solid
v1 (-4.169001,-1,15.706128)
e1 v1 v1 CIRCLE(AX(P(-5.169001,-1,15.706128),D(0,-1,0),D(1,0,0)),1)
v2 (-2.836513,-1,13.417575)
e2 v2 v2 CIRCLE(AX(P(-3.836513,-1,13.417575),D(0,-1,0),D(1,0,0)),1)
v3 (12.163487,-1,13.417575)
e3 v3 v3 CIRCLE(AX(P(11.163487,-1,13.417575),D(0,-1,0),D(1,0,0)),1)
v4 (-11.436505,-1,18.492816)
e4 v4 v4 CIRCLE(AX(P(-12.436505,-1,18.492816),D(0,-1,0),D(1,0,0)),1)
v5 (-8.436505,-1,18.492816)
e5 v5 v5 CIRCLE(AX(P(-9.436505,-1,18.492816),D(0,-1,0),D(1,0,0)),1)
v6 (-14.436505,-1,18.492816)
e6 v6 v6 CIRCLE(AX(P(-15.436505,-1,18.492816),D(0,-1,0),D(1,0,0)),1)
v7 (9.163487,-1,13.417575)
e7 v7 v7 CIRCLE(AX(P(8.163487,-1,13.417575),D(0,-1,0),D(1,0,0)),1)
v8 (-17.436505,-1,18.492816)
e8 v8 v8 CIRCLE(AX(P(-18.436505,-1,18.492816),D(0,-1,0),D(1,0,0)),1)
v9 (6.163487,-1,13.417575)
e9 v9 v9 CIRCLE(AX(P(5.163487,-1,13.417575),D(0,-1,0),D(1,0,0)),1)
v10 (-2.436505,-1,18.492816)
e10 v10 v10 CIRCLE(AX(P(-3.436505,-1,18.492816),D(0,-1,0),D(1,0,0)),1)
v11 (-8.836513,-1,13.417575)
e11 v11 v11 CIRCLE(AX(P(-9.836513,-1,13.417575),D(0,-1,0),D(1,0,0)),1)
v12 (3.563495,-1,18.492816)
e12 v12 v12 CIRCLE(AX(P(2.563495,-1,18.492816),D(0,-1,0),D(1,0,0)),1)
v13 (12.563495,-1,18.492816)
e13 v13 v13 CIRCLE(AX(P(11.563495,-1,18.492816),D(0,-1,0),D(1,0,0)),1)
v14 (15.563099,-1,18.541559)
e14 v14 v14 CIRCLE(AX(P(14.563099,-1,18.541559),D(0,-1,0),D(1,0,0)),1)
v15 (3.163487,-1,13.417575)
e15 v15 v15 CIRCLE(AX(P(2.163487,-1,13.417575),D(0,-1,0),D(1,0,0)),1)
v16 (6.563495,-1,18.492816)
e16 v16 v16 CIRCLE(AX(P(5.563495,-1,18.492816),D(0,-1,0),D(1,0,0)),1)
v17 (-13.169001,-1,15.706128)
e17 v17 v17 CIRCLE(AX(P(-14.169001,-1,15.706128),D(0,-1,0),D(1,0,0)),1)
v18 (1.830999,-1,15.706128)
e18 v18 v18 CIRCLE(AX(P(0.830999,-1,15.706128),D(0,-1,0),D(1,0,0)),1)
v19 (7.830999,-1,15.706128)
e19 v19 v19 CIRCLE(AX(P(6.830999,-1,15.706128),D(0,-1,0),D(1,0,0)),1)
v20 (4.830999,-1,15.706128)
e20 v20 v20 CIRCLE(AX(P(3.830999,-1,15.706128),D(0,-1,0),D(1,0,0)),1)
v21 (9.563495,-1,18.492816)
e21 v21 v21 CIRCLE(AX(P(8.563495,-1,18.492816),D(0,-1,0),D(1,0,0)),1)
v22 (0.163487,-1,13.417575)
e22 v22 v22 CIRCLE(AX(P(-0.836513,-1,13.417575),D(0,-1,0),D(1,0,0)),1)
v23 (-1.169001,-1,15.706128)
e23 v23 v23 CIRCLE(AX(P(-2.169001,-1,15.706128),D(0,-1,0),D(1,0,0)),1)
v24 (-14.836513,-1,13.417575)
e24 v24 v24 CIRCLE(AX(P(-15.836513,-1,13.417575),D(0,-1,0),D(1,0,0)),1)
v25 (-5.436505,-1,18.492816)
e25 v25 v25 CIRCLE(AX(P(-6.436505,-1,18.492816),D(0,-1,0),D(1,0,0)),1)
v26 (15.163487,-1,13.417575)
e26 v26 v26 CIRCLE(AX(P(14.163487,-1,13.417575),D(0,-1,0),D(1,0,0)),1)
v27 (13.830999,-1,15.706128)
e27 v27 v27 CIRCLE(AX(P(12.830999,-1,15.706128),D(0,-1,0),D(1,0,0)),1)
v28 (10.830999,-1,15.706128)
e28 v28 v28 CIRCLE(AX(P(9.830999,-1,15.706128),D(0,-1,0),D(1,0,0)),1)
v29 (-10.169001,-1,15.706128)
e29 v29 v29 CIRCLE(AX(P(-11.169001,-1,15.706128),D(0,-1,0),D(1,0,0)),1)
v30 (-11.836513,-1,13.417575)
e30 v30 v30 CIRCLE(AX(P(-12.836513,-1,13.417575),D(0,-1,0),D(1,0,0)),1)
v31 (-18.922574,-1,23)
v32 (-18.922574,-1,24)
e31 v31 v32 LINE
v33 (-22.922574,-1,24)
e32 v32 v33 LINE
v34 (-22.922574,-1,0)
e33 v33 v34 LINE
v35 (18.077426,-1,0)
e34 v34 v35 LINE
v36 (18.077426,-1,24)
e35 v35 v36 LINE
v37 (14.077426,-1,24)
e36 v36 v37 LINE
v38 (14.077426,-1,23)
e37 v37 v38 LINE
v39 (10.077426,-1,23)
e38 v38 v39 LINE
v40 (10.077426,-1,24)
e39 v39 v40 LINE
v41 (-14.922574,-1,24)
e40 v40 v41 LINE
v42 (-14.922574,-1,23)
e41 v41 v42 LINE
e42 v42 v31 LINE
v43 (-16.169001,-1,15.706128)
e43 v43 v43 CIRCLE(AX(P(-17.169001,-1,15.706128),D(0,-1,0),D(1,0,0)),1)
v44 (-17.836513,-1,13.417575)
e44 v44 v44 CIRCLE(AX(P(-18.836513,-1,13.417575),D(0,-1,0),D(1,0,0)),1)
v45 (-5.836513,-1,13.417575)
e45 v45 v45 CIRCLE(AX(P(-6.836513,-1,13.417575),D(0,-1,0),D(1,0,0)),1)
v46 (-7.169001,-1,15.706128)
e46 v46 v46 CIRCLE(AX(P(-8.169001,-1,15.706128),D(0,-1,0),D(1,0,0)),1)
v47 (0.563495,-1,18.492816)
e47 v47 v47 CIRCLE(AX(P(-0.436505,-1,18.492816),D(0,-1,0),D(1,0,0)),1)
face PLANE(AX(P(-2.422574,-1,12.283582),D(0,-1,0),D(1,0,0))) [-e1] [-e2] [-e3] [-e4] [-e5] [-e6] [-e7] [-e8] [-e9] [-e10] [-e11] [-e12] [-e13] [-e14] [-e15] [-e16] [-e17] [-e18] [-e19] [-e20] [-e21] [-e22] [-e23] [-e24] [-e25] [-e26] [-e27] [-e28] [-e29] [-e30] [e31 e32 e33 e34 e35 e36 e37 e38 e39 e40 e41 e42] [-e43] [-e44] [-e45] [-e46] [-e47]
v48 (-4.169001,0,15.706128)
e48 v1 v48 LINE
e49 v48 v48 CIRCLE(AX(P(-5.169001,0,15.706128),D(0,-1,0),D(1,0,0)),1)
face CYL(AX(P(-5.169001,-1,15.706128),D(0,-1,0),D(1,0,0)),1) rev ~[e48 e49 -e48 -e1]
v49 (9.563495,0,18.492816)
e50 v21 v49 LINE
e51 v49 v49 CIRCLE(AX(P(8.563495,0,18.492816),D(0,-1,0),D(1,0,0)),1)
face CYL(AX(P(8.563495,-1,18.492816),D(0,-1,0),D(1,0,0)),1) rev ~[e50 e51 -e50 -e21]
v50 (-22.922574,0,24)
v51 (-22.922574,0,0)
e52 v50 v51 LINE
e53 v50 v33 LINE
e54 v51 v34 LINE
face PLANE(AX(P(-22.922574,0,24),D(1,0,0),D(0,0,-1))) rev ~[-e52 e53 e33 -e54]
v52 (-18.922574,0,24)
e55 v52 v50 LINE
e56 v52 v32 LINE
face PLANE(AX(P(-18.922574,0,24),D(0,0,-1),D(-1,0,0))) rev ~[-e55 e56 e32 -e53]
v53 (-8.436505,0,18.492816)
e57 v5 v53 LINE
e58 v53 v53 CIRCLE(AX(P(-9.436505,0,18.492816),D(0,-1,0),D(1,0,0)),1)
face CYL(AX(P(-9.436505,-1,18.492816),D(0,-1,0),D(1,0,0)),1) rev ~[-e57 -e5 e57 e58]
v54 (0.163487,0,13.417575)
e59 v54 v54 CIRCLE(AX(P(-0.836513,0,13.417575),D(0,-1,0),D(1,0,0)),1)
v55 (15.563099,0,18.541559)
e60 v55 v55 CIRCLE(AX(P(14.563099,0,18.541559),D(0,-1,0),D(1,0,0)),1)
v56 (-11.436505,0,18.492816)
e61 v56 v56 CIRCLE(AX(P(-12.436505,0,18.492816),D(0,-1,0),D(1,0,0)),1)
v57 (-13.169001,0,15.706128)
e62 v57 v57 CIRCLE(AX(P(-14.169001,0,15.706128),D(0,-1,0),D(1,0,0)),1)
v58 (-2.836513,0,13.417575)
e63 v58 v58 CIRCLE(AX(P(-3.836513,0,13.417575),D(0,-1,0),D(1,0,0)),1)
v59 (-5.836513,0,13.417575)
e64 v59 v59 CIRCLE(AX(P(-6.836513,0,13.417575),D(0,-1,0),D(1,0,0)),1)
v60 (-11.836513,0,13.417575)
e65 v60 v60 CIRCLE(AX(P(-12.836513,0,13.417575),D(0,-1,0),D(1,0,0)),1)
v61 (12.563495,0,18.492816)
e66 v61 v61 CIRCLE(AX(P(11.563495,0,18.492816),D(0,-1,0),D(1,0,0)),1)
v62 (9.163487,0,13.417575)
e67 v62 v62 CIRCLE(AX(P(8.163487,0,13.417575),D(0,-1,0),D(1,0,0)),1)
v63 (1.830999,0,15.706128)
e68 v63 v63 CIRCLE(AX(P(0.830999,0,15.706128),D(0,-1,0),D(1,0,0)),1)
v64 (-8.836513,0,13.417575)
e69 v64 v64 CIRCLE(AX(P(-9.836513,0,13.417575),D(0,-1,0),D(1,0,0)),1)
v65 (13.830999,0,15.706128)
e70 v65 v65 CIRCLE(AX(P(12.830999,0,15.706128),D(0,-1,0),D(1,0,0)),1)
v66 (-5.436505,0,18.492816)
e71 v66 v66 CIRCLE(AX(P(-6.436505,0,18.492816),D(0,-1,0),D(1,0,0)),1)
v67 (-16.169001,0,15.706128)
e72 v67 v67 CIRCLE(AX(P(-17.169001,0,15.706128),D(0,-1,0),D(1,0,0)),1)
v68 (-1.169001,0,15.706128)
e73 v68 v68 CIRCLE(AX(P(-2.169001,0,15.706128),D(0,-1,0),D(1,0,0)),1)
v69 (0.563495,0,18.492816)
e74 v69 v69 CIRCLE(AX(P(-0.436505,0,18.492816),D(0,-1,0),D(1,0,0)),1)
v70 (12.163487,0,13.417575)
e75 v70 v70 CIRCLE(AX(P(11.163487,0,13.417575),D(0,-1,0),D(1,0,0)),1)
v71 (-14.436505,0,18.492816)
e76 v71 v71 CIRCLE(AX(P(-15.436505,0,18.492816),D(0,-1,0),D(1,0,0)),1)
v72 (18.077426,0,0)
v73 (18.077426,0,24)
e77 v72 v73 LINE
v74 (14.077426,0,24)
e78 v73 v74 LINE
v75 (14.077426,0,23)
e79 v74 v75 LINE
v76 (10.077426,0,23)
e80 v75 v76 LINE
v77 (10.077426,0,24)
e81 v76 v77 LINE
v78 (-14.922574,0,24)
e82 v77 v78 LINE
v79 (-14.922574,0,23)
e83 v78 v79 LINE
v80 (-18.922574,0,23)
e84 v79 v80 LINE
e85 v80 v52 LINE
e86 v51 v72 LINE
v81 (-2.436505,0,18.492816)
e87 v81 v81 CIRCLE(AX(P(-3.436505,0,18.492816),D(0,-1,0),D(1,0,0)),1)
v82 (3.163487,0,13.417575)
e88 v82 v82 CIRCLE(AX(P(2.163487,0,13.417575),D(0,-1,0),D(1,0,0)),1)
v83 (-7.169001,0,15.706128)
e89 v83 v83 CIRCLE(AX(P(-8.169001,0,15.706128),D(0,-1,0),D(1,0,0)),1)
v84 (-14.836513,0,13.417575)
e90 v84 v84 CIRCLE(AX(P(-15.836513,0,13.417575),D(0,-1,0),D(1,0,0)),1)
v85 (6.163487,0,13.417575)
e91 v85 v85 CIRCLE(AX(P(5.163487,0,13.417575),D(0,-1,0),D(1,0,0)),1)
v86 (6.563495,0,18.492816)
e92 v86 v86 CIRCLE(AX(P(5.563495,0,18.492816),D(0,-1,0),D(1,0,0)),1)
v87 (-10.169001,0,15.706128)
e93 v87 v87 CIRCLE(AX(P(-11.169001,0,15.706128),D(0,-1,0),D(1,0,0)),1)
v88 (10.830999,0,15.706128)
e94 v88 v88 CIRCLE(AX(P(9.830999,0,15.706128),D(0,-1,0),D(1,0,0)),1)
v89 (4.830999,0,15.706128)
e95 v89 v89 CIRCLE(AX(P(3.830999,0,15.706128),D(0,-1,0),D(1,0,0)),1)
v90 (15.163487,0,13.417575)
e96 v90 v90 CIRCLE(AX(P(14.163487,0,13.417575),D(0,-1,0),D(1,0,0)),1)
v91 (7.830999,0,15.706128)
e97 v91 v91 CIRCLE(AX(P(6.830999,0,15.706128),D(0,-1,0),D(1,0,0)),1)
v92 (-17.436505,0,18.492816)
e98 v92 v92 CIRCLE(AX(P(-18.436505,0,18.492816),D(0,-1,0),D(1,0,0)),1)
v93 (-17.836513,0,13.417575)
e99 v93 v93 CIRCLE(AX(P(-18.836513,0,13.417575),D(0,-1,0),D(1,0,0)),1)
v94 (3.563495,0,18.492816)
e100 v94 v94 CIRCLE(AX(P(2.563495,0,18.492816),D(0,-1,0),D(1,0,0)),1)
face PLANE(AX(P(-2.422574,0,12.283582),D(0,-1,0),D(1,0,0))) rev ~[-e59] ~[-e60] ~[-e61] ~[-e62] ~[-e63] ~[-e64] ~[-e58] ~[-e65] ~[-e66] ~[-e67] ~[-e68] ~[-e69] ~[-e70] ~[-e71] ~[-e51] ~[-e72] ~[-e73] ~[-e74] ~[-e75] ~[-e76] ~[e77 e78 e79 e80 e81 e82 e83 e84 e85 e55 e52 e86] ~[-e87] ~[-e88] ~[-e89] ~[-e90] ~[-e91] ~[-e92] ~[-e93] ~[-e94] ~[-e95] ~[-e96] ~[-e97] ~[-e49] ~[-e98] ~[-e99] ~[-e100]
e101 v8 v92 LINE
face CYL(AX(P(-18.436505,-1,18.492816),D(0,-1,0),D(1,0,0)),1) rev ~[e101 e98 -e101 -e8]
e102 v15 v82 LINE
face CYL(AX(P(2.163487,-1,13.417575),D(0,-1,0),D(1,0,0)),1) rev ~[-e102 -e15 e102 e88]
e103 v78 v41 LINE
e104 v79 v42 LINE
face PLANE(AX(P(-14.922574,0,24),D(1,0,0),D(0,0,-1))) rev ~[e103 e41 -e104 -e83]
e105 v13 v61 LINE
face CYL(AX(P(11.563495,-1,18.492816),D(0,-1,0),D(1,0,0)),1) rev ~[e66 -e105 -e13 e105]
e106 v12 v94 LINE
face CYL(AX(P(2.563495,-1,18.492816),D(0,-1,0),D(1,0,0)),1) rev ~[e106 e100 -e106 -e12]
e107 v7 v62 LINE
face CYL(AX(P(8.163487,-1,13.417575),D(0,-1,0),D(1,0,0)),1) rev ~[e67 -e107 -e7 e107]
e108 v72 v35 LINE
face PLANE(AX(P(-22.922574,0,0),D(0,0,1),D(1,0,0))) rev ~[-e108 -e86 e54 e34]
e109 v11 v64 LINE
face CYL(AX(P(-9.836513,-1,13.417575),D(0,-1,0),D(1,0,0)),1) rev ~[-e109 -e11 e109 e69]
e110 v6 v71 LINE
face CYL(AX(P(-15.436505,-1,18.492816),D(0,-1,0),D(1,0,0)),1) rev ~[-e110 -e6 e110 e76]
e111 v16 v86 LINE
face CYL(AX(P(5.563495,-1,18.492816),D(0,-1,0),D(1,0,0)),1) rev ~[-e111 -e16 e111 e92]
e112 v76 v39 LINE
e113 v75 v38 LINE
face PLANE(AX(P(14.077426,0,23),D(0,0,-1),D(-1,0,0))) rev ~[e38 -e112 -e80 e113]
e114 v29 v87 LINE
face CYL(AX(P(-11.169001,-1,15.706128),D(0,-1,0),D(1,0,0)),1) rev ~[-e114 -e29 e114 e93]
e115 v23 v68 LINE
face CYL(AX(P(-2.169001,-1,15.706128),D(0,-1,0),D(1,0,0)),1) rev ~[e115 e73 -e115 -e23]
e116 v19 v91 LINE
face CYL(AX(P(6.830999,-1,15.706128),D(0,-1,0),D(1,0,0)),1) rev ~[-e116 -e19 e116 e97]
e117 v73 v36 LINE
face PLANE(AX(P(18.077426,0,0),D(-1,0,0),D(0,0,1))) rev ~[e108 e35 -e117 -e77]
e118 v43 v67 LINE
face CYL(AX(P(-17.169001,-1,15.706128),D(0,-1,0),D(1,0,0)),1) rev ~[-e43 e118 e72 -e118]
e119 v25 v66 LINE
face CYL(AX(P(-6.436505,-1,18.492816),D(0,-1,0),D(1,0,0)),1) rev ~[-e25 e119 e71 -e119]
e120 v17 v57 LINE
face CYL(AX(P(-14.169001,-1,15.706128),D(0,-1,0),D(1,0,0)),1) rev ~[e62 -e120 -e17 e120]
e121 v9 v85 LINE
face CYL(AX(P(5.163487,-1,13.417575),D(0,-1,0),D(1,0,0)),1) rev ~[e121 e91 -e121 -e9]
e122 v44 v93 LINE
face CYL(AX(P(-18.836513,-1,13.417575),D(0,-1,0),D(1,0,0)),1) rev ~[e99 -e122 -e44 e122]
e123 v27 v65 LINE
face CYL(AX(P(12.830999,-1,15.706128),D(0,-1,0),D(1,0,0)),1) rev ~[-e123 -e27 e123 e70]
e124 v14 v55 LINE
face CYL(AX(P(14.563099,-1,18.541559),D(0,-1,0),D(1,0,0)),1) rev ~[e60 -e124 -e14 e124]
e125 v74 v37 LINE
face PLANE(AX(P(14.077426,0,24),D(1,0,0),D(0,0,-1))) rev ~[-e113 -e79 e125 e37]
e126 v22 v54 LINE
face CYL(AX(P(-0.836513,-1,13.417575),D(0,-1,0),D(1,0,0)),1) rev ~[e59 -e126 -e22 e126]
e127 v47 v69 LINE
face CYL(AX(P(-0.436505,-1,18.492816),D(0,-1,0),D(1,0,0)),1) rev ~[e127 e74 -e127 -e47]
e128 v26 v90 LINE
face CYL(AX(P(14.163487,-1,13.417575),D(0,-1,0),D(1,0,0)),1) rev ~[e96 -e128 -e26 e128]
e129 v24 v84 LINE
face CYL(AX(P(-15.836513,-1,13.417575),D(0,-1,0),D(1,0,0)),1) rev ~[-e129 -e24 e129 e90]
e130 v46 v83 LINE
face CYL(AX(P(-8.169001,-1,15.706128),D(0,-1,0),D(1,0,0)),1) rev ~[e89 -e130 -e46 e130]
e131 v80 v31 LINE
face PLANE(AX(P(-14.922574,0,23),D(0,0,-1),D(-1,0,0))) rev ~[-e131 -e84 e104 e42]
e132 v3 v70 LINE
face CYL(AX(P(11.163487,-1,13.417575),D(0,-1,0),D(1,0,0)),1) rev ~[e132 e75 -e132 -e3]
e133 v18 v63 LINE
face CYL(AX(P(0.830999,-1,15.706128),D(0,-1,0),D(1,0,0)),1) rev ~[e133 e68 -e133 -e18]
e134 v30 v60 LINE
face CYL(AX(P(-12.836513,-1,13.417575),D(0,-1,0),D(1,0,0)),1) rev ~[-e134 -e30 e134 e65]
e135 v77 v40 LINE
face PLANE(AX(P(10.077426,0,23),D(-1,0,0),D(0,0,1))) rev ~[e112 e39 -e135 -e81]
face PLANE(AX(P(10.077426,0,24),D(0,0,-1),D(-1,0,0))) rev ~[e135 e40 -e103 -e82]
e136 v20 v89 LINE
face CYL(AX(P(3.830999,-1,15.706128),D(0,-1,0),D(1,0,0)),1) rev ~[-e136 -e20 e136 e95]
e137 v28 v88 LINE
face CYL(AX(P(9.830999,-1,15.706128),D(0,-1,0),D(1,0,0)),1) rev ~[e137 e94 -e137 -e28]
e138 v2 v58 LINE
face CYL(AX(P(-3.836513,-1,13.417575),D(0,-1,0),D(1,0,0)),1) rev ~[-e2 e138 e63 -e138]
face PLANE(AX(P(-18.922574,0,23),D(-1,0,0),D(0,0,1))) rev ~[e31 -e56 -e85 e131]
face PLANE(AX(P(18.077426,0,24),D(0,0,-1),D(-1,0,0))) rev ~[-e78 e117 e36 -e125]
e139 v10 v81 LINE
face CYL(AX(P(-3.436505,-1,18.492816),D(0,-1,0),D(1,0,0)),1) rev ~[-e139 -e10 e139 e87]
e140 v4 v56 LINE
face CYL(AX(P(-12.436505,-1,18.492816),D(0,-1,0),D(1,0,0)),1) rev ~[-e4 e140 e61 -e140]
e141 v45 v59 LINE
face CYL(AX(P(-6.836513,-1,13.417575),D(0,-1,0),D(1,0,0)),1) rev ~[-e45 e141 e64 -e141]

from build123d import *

# Parameters (mm, degrees)
F1_DEPTH = 1
F2_R     = 1
F3_DEPTH = 1.001
F4_R     = 1
F5_DEPTH = 1.001
F6_R     = 1
F7_DEPTH = 1.001


with BuildPart() as f1:
    # F0 (on Front) → F1 (new body)
    with BuildSketch(Plane.XZ):
        Polygon((-18.922574, 24), (-22.922574, 24), (-22.922574, 0), (18.077426, 0), (18.077426, 24), (14.077426, 24), (14.077426, 23), (10.077426, 23), (10.077426, 24), (-14.922574, 24), (-14.922574, 23), (-18.922574, 23), align=None)
    extrude(amount=F1_DEPTH)

    # F2 (on face) → F3 (cut, through all)
    with BuildSketch(Plane.XZ.offset(1)):
        with Locations((-18.436505, 18.492816)):
            Circle(F2_R)
        with Locations((-15.436505, 18.492816)):
            Circle(F2_R)
        with Locations((-12.436505, 18.492816)):
            Circle(F2_R)
        with Locations((-9.436505, 18.492816)):
            Circle(F2_R)
        with Locations((-6.436505, 18.492816)):
            Circle(F2_R)
        with Locations((-3.436505, 18.492816)):
            Circle(F2_R)
        with Locations((-0.436505, 18.492816)):
            Circle(F2_R)
        with Locations((2.563495, 18.492816)):
            Circle(F2_R)
        with Locations((5.563495, 18.492816)):
            Circle(F2_R)
        with Locations((8.563495, 18.492816)):
            Circle(F2_R)
        with Locations((11.563495, 18.492816)):
            Circle(F2_R)
        with Locations((14.563099, 18.541559)):
            Circle(F2_R)
    extrude(amount=-F3_DEPTH, mode=Mode.SUBTRACT)

    # F4 (on face) → F5 (cut, through all)
    with BuildSketch(Plane.XZ.offset(1)):
        with Locations((-17.169001, 15.706128)):
            Circle(F4_R)
        with Locations((-14.169001, 15.706128)):
            Circle(F4_R)
        with Locations((-11.169001, 15.706128)):
            Circle(F4_R)
        with Locations((-8.169001, 15.706128)):
            Circle(F4_R)
        with Locations((-5.169001, 15.706128)):
            Circle(F4_R)
        with Locations((-2.169001, 15.706128)):
            Circle(F4_R)
        with Locations((0.830999, 15.706128)):
            Circle(F4_R)
        with Locations((3.830999, 15.706128)):
            Circle(F4_R)
        with Locations((6.830999, 15.706128)):
            Circle(F4_R)
        with Locations((9.830999, 15.706128)):
            Circle(F4_R)
        with Locations((12.830999, 15.706128)):
            Circle(F4_R)
    extrude(amount=-F5_DEPTH, mode=Mode.SUBTRACT)

    # F6 (on face) → F7 (cut, through all)
    with BuildSketch(Plane.XZ.offset(1)):
        with Locations((-12.836513, 13.417575)):
            Circle(F6_R)
        with Locations((-18.836513, 13.417575)):
            Circle(F6_R)
        with Locations((-15.836513, 13.417575)):
            Circle(F6_R)
        with Locations((-9.836513, 13.417575)):
            Circle(F6_R)
        with Locations((-6.836513, 13.417575)):
            Circle(F6_R)
        with Locations((-3.836513, 13.417575)):
            Circle(F6_R)
        with Locations((-0.836513, 13.417575)):
            Circle(F6_R)
        with Locations((2.163487, 13.417575)):
            Circle(F6_R)
        with Locations((5.163487, 13.417575)):
            Circle(F6_R)
        with Locations((8.163487, 13.417575)):
            Circle(F6_R)
        with Locations((11.163487, 13.417575)):
            Circle(F6_R)
        with Locations((14.163487, 13.417575)):
            Circle(F6_R)
    extrude(amount=-F7_DEPTH, mode=Mode.SUBTRACT)


solid = f1.part
